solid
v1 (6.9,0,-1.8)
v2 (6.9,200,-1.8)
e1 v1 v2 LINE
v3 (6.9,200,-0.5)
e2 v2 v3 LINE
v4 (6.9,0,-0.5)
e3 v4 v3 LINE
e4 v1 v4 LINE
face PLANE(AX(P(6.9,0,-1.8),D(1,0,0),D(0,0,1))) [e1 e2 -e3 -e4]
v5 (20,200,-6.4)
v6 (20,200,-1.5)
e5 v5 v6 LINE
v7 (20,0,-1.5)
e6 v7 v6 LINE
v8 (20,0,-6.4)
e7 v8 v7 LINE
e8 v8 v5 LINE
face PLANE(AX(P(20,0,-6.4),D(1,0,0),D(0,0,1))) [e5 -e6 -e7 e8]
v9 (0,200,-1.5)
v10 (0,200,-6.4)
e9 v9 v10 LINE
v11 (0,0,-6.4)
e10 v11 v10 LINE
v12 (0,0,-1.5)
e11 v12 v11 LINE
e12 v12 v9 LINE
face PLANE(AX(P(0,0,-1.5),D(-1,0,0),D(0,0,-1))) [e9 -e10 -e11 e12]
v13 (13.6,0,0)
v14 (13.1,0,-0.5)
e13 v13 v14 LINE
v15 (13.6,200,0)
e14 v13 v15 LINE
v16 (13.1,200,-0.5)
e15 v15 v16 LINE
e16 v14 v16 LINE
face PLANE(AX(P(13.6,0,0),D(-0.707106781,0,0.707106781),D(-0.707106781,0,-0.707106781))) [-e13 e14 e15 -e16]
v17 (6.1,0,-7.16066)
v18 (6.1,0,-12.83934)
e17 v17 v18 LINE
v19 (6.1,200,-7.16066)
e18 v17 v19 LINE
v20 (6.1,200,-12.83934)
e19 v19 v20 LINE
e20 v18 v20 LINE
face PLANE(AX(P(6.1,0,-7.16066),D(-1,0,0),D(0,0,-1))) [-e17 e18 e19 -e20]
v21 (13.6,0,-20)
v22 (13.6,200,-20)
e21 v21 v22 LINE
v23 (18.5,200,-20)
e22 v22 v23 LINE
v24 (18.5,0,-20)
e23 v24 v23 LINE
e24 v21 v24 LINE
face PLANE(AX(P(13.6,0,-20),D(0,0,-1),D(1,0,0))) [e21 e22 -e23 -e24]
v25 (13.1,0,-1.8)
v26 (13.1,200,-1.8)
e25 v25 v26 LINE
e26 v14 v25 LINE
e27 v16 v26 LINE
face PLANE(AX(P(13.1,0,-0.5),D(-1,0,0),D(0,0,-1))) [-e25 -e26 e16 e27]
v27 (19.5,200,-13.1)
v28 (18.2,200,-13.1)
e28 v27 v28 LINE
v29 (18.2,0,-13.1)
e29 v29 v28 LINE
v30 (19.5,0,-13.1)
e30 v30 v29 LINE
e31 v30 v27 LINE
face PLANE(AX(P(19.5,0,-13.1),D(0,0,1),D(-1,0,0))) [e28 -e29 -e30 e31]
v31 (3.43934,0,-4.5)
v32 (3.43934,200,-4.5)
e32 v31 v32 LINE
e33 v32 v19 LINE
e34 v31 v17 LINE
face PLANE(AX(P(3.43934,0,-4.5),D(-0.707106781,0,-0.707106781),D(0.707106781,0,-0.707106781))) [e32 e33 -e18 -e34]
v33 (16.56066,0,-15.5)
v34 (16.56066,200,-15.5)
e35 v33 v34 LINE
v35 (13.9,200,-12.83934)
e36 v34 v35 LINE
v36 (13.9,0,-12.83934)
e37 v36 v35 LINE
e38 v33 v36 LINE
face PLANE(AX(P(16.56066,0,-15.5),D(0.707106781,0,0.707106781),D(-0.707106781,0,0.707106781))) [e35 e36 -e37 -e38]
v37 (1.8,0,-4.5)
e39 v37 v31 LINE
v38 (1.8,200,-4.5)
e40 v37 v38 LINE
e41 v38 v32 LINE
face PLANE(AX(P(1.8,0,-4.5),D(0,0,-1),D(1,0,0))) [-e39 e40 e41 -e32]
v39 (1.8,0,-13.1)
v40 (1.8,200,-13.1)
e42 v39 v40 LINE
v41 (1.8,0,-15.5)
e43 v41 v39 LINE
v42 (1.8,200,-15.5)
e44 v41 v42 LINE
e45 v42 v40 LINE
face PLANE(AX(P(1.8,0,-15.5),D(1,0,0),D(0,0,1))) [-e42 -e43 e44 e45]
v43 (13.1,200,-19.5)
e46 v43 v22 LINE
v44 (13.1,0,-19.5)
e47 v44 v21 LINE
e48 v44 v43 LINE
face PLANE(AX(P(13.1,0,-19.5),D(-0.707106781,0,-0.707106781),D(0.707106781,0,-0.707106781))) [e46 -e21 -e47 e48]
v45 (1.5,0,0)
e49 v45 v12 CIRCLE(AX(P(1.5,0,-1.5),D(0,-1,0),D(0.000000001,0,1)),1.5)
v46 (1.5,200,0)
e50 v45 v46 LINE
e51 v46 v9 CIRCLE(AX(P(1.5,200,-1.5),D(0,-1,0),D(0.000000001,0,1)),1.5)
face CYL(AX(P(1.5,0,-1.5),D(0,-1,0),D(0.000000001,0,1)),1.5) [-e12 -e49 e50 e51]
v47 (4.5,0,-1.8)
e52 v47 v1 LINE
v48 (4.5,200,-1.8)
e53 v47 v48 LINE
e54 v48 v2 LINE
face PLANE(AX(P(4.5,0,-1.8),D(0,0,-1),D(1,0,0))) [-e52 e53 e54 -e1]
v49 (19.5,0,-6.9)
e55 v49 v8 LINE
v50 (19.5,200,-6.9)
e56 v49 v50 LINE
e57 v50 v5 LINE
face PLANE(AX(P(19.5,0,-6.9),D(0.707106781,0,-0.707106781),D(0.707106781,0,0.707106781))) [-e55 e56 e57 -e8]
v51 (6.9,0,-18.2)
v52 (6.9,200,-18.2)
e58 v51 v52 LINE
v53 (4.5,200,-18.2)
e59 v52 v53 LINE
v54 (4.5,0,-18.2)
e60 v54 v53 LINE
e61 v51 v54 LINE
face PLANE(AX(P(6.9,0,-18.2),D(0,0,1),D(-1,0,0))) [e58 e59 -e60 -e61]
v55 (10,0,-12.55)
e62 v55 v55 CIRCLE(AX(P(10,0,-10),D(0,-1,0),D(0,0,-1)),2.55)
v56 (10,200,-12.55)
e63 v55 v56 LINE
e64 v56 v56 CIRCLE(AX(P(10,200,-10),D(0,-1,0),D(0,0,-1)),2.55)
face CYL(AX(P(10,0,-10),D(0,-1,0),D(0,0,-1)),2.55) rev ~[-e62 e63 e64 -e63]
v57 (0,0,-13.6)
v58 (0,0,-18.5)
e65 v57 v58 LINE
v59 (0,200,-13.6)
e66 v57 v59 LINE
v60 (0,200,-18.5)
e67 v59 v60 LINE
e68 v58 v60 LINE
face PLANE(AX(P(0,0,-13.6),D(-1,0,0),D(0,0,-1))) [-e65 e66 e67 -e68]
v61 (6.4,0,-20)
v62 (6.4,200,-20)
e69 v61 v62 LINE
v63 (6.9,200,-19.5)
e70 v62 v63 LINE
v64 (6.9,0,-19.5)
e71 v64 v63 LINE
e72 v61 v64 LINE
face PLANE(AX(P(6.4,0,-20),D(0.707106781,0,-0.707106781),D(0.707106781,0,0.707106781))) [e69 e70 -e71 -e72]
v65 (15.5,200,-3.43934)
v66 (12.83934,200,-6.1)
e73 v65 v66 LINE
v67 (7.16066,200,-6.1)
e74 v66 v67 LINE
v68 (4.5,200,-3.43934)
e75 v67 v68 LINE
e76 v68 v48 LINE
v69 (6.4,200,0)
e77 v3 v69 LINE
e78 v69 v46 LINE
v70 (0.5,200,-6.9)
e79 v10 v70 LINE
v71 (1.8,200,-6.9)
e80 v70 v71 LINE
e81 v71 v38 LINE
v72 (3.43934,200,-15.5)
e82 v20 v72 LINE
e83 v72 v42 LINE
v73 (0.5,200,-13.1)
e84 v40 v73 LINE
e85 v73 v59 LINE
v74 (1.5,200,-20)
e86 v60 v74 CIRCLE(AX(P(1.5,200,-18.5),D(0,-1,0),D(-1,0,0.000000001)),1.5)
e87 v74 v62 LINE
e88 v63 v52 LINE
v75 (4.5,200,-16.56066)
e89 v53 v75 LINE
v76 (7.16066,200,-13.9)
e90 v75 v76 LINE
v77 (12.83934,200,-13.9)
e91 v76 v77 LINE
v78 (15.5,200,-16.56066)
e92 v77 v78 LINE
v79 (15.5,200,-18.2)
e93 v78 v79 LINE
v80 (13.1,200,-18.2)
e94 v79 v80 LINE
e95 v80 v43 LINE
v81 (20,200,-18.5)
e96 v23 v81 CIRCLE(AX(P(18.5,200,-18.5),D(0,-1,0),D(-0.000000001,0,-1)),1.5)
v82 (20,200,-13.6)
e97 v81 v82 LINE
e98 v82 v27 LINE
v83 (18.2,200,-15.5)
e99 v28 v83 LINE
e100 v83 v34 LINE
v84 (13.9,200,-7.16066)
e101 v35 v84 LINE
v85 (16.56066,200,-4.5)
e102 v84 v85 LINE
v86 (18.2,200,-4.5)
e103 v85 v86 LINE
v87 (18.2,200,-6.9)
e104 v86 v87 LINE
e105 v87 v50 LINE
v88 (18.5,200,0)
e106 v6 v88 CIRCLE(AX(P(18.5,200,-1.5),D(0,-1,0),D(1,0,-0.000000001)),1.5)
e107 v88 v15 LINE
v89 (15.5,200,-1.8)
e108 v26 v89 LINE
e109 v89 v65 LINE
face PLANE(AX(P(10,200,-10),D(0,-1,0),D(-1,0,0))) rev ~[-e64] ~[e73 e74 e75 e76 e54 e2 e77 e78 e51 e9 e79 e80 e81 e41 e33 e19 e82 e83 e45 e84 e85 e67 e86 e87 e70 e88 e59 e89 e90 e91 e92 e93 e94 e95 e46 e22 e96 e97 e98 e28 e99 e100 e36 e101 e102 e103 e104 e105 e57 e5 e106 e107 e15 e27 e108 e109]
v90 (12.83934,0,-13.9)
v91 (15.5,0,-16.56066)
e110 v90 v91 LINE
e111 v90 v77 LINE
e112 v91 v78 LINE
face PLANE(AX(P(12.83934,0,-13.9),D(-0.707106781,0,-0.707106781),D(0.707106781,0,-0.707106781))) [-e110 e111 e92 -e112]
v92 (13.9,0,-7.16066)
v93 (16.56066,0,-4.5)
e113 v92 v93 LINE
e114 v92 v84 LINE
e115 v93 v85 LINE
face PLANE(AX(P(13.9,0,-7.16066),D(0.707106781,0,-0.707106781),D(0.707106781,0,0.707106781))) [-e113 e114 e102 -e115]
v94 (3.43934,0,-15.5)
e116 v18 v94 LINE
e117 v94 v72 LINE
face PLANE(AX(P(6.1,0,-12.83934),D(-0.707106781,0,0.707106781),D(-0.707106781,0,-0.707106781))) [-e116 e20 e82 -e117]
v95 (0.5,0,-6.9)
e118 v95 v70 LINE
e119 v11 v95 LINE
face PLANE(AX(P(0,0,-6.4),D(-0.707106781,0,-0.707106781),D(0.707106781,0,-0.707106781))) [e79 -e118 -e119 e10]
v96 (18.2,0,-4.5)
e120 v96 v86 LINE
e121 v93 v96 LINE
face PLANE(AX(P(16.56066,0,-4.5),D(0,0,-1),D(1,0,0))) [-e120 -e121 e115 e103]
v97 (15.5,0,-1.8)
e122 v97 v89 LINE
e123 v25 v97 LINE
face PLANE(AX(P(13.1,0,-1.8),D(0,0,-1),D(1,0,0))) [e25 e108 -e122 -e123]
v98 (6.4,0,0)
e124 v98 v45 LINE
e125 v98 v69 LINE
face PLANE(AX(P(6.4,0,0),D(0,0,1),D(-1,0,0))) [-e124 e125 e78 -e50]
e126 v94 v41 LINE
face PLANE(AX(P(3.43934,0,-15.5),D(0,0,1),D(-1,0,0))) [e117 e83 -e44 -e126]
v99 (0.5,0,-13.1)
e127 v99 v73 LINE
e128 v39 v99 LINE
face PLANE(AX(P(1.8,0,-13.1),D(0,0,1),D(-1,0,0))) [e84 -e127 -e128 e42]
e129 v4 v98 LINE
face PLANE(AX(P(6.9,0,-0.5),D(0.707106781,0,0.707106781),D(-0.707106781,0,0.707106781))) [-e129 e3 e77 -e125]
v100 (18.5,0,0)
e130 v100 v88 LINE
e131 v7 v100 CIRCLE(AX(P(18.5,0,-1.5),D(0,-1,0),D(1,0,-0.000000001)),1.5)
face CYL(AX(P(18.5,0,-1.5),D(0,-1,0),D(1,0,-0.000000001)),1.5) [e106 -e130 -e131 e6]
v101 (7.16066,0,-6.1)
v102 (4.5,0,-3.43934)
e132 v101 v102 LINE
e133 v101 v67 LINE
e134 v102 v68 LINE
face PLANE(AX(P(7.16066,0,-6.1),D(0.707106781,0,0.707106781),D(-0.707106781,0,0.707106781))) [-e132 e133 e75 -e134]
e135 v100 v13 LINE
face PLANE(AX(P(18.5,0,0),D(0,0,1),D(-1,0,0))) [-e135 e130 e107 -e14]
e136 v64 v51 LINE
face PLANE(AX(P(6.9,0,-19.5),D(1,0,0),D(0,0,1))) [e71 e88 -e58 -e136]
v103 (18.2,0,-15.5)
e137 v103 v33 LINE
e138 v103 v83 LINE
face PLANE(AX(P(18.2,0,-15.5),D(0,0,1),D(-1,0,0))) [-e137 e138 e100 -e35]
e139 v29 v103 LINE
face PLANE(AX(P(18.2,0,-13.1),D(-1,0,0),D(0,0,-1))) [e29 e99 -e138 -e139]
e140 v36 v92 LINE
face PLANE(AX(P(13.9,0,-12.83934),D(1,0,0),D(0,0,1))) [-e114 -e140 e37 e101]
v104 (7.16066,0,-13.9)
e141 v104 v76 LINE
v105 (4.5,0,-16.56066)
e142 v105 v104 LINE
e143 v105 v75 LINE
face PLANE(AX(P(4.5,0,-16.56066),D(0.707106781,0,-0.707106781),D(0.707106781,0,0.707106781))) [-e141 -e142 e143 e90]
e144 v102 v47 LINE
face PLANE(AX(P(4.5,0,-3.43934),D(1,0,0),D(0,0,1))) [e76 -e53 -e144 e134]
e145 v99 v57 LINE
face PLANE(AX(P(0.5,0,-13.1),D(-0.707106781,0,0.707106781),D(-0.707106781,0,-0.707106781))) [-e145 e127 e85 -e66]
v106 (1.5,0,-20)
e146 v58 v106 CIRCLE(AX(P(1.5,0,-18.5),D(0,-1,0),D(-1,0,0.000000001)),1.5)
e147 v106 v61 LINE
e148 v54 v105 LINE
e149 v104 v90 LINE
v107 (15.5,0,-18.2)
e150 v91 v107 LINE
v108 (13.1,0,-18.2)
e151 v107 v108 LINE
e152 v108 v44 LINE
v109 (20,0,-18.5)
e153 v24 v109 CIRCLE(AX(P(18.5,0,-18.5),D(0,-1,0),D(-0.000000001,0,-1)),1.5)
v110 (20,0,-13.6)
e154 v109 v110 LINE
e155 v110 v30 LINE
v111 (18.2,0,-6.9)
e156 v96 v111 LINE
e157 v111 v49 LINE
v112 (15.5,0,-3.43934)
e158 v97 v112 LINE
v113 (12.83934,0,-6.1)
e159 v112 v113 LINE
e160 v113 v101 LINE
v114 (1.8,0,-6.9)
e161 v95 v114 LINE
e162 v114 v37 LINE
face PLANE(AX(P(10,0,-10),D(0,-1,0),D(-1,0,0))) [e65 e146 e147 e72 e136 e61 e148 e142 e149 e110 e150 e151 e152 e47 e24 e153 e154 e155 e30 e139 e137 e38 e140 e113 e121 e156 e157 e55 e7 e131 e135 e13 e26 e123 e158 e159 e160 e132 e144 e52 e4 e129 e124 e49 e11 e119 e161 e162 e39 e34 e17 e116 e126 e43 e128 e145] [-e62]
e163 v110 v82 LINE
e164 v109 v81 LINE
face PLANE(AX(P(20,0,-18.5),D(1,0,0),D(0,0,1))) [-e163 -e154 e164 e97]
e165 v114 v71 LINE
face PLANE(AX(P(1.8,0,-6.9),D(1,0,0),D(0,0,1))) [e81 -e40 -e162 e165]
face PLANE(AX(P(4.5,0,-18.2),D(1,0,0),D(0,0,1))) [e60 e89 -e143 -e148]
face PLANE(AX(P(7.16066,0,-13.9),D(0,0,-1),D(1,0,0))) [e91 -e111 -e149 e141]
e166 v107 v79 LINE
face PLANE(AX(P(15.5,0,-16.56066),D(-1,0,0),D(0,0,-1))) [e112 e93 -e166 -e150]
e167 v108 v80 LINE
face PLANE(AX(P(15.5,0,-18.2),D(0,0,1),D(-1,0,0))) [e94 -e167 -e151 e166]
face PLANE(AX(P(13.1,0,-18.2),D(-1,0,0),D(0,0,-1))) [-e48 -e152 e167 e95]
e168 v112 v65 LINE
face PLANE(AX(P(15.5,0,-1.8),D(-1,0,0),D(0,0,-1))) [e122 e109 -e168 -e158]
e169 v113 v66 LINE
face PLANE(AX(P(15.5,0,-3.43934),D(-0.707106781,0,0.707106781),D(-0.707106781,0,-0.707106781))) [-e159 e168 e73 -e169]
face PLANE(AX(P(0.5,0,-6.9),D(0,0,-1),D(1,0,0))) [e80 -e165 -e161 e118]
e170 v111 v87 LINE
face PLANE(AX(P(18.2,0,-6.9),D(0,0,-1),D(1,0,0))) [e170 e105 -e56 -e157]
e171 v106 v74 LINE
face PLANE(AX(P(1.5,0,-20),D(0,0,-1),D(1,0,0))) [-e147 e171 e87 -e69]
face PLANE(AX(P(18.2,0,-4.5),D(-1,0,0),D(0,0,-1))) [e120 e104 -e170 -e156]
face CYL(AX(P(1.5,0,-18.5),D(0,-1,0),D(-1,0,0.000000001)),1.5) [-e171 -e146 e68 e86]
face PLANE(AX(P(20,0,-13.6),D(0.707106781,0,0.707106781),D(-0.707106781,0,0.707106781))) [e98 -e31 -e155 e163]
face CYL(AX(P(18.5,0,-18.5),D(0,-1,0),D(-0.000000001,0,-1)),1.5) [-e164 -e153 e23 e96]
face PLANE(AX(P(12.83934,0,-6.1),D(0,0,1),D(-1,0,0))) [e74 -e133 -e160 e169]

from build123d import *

# Parameters (mm, degrees)
EXTRUDE_2_DEPTH     = 200
SKETCH_4_R          = 2.55
CUT_EXTRUDE_2_DEPTH = 202.990098767


with BuildPart() as part:
    # 草图1 → 凸台-拉伸2 (new body)
    with BuildSketch(Plane(origin=(0, 0, 0), x_dir=(1, 0, 0), z_dir=(0, 1, 0))):
        with BuildLine():
            Line((13.9, 12.839339828), (13.9, 7.160660172))
            Line((13.9, 7.160660172), (16.560660172, 4.5))
            Line((16.560660172, 4.5), (18.2, 4.5))
            Line((18.2, 4.5), (18.2, 6.9))
            Line((18.2, 6.9), (19.5, 6.9))
            Line((19.5, 6.9), (20, 6.4))
            Line((20, 6.4), (20, 1.5))
            ThreePointArc((20, 1.5), (19.560660172, 0.439339828), (18.5, 0))
            Line((18.5, 0), (13.6, 0))
            Line((13.6, 0), (13.1, 0.5))
            Line((13.1, 0.5), (13.1, 1.8))
            Line((13.1, 1.8), (15.5, 1.8))
            Line((15.5, 1.8), (15.5, 3.439339828))
            Line((15.5, 3.439339828), (12.839339828, 6.1))
            Line((12.839339828, 6.1), (7.160660172, 6.1))
            Line((7.160660172, 6.1), (4.5, 3.439339828))
            Line((4.5, 3.439339828), (4.5, 1.8))
            Line((4.5, 1.8), (6.9, 1.8))
            Line((6.9, 1.8), (6.9, 0.5))
            Line((6.9, 0.5), (6.4, 0))
            Line((6.4, 0), (1.5, 0))
            ThreePointArc((1.5, 0), (0.439339828, 0.439339828), (0, 1.5))
            Line((0, 1.5), (0, 6.4))
            Line((0, 6.4), (0.5, 6.9))
            Line((0.5, 6.9), (1.8, 6.9))
            Line((1.8, 6.9), (1.8, 4.5))
            Line((1.8, 4.5), (3.439339828, 4.5))
            Line((3.439339828, 4.5), (6.1, 7.160660172))
            Line((6.1, 7.160660172), (6.1, 12.839339828))
            Line((6.1, 12.839339828), (3.439339828, 15.5))
            Line((3.439339828, 15.5), (1.8, 15.5))
            Line((1.8, 15.5), (1.8, 13.1))
            Line((1.8, 13.1), (0.5, 13.1))
            Line((0.5, 13.1), (0, 13.6))
            Line((0, 13.6), (0, 18.5))
            ThreePointArc((0, 18.5), (0.439339828, 19.560660172), (1.5, 20))
            Line((1.5, 20), (6.4, 20))
            Line((6.4, 20), (6.9, 19.5))
            Line((6.9, 19.5), (6.9, 18.2))
            Line((6.9, 18.2), (4.5, 18.2))
            Line((4.5, 18.2), (4.5, 16.560660172))
            Line((4.5, 16.560660172), (7.160660172, 13.9))
            Line((7.160660172, 13.9), (12.839339828, 13.9))
            Line((12.839339828, 13.9), (15.5, 16.560660172))
            Line((15.5, 16.560660172), (15.5, 18.2))
            Line((15.5, 18.2), (13.1, 18.2))
            Line((13.1, 18.2), (13.1, 19.5))
            Line((13.1, 19.5), (13.6, 20))
            Line((13.6, 20), (18.5, 20))
            ThreePointArc((18.5, 20), (19.560660172, 19.560660172), (20, 18.5))
            Line((20, 18.5), (20, 13.6))
            Line((20, 13.6), (19.5, 13.1))
            Line((19.5, 13.1), (18.2, 13.1))
            Line((18.2, 13.1), (18.2, 15.5))
            Line((18.2, 15.5), (16.560660172, 15.5))
            Line((16.560660172, 15.5), (13.9, 12.839339828))
        make_face()
    extrude(amount=EXTRUDE_2_DEPTH)

    # 草图4 → 切除-拉伸2 (cut, through all)
    with BuildSketch(Plane.XZ):
        with Locations(Location((10, -10, 0), (0, 0, 270))):
            Circle(SKETCH_4_R)
    extrude(amount=-CUT_EXTRUDE_2_DEPTH, mode=Mode.SUBTRACT)


solid = part.part
